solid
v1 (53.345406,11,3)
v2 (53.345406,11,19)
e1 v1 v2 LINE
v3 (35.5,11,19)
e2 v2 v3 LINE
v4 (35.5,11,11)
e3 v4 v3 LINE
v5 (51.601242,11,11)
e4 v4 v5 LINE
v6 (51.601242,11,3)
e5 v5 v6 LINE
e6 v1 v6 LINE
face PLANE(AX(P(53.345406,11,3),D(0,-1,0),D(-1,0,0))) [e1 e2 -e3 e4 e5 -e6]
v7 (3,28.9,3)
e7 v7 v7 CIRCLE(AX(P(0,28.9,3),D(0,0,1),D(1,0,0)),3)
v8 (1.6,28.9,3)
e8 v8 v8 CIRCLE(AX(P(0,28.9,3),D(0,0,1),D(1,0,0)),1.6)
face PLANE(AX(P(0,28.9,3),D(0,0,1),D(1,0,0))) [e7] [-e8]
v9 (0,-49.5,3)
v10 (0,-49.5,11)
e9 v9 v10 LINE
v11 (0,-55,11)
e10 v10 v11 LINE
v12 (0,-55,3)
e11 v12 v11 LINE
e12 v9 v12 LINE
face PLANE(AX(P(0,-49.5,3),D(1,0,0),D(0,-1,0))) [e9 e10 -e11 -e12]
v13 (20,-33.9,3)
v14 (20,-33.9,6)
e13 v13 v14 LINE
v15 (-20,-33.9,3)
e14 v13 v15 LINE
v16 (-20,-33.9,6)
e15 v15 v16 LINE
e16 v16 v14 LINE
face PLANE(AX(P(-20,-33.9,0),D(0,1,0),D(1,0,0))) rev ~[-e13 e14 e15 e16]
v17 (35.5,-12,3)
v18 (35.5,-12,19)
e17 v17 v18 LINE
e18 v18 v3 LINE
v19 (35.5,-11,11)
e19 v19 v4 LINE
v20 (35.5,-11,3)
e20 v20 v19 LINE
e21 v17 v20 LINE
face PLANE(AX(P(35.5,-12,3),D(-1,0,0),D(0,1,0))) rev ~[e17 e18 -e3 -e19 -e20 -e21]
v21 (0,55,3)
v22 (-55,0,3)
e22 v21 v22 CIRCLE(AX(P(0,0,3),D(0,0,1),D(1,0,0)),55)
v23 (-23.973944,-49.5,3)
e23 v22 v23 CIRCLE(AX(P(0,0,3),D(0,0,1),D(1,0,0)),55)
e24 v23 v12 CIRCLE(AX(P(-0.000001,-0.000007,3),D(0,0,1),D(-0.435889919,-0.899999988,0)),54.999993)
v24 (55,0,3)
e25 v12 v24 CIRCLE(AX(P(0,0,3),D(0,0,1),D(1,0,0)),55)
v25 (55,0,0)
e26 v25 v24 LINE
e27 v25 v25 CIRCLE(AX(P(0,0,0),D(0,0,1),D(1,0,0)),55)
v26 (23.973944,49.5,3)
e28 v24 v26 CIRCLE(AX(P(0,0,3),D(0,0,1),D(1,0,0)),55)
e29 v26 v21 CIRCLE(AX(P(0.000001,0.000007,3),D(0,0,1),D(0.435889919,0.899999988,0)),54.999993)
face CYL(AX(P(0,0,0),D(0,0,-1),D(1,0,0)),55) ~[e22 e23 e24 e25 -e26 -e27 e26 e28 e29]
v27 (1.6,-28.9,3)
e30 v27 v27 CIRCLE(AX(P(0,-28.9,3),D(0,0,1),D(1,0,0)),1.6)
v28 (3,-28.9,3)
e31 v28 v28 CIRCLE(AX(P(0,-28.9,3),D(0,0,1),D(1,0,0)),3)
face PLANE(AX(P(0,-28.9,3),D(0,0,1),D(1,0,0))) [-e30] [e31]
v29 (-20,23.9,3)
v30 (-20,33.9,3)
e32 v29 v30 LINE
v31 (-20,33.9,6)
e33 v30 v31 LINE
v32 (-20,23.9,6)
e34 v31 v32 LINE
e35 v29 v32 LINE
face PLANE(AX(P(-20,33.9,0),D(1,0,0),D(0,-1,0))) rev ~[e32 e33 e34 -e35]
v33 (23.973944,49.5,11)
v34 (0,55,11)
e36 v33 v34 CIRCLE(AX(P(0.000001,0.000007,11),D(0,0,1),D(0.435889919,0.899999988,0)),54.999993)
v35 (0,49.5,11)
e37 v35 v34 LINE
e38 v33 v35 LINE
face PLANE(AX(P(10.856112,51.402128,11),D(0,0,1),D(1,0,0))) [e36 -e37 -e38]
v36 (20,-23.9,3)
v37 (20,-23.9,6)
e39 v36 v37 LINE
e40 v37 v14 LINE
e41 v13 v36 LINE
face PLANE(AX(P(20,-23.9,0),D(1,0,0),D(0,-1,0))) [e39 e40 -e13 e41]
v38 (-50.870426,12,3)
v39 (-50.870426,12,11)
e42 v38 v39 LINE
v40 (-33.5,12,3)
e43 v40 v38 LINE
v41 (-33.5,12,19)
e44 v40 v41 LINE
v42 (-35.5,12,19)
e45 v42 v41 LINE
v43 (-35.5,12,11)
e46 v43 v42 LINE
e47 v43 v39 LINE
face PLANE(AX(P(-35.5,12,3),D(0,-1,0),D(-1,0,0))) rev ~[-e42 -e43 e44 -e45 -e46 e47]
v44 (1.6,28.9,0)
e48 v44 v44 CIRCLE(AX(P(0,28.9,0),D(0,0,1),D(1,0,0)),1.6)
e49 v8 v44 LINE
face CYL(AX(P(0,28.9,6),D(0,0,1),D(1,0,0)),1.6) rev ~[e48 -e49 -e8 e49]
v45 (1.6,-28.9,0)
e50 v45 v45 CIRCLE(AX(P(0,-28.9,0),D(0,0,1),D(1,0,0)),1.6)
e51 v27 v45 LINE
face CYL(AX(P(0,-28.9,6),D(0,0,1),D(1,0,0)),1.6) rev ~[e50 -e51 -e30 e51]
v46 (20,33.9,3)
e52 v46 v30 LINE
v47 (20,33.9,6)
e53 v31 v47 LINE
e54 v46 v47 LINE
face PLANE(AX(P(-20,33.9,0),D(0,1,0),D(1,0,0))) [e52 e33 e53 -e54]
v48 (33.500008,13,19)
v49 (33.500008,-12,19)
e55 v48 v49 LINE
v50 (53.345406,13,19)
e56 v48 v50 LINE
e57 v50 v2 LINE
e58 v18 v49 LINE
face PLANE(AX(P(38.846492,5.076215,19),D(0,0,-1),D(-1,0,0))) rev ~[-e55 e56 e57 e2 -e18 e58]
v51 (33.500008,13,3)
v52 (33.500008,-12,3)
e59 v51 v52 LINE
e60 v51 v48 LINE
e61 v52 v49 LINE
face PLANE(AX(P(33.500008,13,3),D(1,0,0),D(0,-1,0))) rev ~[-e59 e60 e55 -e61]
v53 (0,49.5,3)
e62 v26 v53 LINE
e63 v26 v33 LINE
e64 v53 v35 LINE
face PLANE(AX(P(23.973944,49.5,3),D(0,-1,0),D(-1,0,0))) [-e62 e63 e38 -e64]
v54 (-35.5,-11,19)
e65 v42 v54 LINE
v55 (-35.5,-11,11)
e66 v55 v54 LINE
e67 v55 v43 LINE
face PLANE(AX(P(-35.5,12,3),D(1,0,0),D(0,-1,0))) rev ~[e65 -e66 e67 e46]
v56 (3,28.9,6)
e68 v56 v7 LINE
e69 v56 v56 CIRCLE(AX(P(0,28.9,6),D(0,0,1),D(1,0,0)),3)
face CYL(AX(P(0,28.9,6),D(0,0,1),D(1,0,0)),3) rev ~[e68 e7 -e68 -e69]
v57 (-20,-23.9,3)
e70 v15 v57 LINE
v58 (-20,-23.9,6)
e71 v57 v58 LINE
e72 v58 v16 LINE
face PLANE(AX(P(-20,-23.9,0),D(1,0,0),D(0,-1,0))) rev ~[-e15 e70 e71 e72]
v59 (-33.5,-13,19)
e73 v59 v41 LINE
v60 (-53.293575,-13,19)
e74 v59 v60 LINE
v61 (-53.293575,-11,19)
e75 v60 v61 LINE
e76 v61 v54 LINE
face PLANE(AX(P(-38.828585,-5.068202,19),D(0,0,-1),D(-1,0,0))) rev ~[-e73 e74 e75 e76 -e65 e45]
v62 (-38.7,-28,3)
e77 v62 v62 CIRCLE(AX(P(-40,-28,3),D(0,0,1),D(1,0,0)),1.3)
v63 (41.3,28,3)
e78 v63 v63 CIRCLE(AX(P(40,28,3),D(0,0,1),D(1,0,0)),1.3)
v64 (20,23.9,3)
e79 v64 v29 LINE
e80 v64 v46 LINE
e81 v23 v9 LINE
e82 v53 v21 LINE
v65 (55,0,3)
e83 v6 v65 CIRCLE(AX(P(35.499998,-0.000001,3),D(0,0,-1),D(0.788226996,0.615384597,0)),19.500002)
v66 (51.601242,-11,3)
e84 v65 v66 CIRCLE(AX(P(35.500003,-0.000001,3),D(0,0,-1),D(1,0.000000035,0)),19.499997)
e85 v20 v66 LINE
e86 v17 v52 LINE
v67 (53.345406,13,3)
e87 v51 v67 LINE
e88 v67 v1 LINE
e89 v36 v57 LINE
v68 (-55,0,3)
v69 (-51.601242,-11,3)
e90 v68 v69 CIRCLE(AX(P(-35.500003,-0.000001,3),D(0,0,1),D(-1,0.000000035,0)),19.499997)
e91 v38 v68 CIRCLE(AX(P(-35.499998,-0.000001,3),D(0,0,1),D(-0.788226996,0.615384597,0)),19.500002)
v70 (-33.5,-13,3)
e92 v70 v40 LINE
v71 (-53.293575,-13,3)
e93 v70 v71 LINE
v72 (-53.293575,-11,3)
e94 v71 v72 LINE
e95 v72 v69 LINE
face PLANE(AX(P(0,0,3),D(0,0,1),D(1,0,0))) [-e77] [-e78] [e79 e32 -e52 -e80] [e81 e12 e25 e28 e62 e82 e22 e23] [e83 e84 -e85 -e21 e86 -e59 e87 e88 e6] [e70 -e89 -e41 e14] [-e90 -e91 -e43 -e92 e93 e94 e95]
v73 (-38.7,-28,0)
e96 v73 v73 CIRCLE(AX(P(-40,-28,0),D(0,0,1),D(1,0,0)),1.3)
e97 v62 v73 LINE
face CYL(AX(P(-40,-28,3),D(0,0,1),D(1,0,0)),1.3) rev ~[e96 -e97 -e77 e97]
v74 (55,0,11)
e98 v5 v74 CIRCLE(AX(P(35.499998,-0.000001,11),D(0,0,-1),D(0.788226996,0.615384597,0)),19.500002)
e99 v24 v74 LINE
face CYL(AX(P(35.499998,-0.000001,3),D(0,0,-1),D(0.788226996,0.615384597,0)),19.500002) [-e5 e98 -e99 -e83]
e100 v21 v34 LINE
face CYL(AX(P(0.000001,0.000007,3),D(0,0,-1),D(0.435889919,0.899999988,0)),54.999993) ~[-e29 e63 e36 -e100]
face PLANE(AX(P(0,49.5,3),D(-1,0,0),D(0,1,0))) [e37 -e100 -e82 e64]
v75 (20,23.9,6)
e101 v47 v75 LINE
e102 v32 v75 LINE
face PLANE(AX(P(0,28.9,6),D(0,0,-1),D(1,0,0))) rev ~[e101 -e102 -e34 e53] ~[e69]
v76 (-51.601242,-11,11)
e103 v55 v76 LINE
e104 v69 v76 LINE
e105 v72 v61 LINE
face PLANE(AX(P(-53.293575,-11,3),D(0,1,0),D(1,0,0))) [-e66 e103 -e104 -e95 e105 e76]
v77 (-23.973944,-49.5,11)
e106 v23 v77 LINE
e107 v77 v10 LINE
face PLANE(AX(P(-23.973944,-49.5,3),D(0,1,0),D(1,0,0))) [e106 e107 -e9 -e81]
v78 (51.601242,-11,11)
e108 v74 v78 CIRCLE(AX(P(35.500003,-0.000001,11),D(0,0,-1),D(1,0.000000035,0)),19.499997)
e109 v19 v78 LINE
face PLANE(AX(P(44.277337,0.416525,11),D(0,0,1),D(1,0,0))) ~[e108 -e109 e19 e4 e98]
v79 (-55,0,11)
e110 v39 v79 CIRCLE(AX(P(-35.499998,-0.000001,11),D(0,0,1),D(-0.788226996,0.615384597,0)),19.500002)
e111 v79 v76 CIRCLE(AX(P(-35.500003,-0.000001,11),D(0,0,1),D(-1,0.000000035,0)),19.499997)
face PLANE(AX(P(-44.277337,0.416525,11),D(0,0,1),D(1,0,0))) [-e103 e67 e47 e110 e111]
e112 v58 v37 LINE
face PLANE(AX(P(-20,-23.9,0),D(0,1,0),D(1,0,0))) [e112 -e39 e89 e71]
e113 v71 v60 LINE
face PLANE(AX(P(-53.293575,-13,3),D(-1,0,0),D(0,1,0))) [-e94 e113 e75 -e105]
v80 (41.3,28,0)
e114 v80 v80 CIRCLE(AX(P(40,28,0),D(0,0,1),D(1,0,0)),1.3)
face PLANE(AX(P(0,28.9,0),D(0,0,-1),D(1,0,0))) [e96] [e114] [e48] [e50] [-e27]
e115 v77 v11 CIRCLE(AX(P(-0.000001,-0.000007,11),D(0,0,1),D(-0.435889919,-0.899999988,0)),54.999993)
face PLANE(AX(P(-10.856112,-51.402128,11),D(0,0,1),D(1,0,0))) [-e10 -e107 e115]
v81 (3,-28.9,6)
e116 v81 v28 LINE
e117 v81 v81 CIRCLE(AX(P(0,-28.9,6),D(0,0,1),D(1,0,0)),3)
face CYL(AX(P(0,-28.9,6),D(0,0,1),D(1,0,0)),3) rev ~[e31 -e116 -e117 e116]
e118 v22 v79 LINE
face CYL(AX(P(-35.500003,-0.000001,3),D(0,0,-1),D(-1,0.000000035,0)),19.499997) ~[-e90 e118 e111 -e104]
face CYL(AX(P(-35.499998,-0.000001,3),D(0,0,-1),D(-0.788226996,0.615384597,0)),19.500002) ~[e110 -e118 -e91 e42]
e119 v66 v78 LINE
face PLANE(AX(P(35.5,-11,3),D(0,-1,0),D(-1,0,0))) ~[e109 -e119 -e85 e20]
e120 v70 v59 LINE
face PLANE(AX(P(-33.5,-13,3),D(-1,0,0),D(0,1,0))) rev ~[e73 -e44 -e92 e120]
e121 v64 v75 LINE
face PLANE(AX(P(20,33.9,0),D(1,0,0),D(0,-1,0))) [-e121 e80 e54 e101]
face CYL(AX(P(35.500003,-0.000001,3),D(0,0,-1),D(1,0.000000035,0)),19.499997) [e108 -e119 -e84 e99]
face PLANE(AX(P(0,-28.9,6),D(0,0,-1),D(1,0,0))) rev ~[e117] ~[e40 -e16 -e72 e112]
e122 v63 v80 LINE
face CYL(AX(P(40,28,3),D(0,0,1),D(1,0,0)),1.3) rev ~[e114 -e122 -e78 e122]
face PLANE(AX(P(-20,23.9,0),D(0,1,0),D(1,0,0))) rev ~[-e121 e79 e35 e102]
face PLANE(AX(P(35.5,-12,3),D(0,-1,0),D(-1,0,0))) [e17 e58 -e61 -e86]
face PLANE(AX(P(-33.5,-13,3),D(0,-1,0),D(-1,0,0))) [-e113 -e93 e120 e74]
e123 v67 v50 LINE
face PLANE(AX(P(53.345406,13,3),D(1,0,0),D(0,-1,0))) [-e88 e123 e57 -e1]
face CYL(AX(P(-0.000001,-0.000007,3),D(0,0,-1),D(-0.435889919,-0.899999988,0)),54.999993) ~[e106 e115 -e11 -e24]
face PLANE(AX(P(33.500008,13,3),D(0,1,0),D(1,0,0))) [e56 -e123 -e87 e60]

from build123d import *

# Parameters (mm, degrees)
SKETCH_R        = 55
PAD_DEPTH       = 3
PAD001_DEPTH    = 16
PAD002_DEPTH    = 8
SKETCH003_R     = 1.3
POCKET_DEPTH    = 5
SKETCH004_W     = 40
SKETCH004_H     = 10
SKETCH004_R     = 1.6
PAD003_DEPTH    = 6
SKETCH005_R     = 3
POCKET001_DEPTH = 3
SKETCH006_R     = 1.6
POCKET002_DEPTH = 6
PAD004_DEPTH    = 8


with BuildPart() as part:
    # Sketch → Pad (new body)
    with BuildSketch(Plane.XY):
        Circle(SKETCH_R)
    extrude(amount=PAD_DEPTH)

    # Sketch001 (on Face3 of Pad) → Pad001 (join)
    with BuildSketch(Plane.XY.offset(3)):
        Polygon((33.500008, 0), (33.500008, 13), (53.345406, 13), (53.345406, 11), (35.5, 11), (35.5, -0.005684), (35.5, -12), (33.500008, -12), align=None)
        Polygon((-33.5, 0), (-33.5, -13), (-53.293575, -13), (-53.293575, -11), (-35.5, -11), (-35.5, 0.001212), (-35.5, 12), (-33.5, 12), align=None)
    extrude(amount=PAD001_DEPTH)

    # Sketch002 (on Face3 of Pad001) → Pad002 (join)
    with BuildSketch(Plane.XY.offset(3)):
        with BuildLine():
            ThreePointArc((-23.973944, -49.5), (-12.298374, -53.607369), (0, -55))
            Line((0, -49.5), (0, -55))
            Line((-23.973944, -49.5), (0, -49.5))
        make_face()
        with BuildLine():
            ThreePointArc((23.973944, 49.5), (12.298374, 53.607369), (0, 55))
            Line((0, 49.5), (0, 55))
            Line((23.973944, 49.5), (0, 49.5))
        make_face()
    extrude(amount=PAD002_DEPTH)

    # Sketch003 (on Face3 of Pad002) → Pocket (cut)
    with BuildSketch(Plane.XY.offset(3)):
        with Locations((-40, -28)):
            Circle(SKETCH003_R)
        with Locations((40, 28)):
            Circle(SKETCH003_R)
    extrude(amount=-POCKET_DEPTH, mode=Mode.SUBTRACT)

    # Sketch004 (on Face2 of Pocket) → Pad003 (join)
    with BuildSketch(Plane(origin=(0, 0, 0), x_dir=(1, 0, 0), z_dir=(0, 0, -1))):
        with Locations((0, -28.9)):
            Rectangle(SKETCH004_W, SKETCH004_H)
        with Locations((0, -28.9)):
            Circle(SKETCH004_R, mode=Mode.SUBTRACT)
        with Locations((0, 28.9)):
            Rectangle(SKETCH004_W, SKETCH004_H)
        with Locations((0, 28.9)):
            Circle(SKETCH004_R, mode=Mode.SUBTRACT)
    extrude(amount=-PAD003_DEPTH)

    # Sketch005 (on Face42 of Pad003) → Pocket001 (cut)
    with BuildSketch(Plane.XY.offset(6)):
        with Locations((0, 28.9)):
            Circle(SKETCH005_R)
        with Locations((0, -28.9)):
            Circle(SKETCH005_R)
    extrude(amount=-POCKET001_DEPTH, mode=Mode.SUBTRACT)

    # Sketch006 (on Face42 of Pocket001) → Pocket002 (cut)
    with BuildSketch(Plane.XY.offset(6)):
        with Locations((0, 28.9)):
            Circle(SKETCH006_R)
        with Locations((0, -28.9)):
            Circle(SKETCH006_R)
    extrude(amount=-POCKET002_DEPTH, mode=Mode.SUBTRACT)

    # Sketch007 (on Face3 of Pocket002) → Pad004 (join)
    with BuildSketch(Plane.XY.offset(3)):
        with BuildLine():
            Line((-35.5, 0), (-35.5, 12))
            Line((-35.5, 12), (-50.870426, 12))
            ThreePointArc((-50.870426, 12), (-53.938727, 6.34534), (-55, 0))
            ThreePointArc((-55, 0), (-54.130945, -5.756552), (-51.601242, -11))
            Line((-35.5, -11), (-51.601242, -11))
            Line((-35.5, 0), (-35.5, -11))
        make_face()
    pad004 = extrude(amount=PAD004_DEPTH)

    # Mirrored: Pad004 across Sketch007 V_Axis
    add(pad004.mirror(Plane(origin=(0, 0, 3), x_dir=(0, 0, 1), z_dir=(1, 0, 0))))


solid = part.part
